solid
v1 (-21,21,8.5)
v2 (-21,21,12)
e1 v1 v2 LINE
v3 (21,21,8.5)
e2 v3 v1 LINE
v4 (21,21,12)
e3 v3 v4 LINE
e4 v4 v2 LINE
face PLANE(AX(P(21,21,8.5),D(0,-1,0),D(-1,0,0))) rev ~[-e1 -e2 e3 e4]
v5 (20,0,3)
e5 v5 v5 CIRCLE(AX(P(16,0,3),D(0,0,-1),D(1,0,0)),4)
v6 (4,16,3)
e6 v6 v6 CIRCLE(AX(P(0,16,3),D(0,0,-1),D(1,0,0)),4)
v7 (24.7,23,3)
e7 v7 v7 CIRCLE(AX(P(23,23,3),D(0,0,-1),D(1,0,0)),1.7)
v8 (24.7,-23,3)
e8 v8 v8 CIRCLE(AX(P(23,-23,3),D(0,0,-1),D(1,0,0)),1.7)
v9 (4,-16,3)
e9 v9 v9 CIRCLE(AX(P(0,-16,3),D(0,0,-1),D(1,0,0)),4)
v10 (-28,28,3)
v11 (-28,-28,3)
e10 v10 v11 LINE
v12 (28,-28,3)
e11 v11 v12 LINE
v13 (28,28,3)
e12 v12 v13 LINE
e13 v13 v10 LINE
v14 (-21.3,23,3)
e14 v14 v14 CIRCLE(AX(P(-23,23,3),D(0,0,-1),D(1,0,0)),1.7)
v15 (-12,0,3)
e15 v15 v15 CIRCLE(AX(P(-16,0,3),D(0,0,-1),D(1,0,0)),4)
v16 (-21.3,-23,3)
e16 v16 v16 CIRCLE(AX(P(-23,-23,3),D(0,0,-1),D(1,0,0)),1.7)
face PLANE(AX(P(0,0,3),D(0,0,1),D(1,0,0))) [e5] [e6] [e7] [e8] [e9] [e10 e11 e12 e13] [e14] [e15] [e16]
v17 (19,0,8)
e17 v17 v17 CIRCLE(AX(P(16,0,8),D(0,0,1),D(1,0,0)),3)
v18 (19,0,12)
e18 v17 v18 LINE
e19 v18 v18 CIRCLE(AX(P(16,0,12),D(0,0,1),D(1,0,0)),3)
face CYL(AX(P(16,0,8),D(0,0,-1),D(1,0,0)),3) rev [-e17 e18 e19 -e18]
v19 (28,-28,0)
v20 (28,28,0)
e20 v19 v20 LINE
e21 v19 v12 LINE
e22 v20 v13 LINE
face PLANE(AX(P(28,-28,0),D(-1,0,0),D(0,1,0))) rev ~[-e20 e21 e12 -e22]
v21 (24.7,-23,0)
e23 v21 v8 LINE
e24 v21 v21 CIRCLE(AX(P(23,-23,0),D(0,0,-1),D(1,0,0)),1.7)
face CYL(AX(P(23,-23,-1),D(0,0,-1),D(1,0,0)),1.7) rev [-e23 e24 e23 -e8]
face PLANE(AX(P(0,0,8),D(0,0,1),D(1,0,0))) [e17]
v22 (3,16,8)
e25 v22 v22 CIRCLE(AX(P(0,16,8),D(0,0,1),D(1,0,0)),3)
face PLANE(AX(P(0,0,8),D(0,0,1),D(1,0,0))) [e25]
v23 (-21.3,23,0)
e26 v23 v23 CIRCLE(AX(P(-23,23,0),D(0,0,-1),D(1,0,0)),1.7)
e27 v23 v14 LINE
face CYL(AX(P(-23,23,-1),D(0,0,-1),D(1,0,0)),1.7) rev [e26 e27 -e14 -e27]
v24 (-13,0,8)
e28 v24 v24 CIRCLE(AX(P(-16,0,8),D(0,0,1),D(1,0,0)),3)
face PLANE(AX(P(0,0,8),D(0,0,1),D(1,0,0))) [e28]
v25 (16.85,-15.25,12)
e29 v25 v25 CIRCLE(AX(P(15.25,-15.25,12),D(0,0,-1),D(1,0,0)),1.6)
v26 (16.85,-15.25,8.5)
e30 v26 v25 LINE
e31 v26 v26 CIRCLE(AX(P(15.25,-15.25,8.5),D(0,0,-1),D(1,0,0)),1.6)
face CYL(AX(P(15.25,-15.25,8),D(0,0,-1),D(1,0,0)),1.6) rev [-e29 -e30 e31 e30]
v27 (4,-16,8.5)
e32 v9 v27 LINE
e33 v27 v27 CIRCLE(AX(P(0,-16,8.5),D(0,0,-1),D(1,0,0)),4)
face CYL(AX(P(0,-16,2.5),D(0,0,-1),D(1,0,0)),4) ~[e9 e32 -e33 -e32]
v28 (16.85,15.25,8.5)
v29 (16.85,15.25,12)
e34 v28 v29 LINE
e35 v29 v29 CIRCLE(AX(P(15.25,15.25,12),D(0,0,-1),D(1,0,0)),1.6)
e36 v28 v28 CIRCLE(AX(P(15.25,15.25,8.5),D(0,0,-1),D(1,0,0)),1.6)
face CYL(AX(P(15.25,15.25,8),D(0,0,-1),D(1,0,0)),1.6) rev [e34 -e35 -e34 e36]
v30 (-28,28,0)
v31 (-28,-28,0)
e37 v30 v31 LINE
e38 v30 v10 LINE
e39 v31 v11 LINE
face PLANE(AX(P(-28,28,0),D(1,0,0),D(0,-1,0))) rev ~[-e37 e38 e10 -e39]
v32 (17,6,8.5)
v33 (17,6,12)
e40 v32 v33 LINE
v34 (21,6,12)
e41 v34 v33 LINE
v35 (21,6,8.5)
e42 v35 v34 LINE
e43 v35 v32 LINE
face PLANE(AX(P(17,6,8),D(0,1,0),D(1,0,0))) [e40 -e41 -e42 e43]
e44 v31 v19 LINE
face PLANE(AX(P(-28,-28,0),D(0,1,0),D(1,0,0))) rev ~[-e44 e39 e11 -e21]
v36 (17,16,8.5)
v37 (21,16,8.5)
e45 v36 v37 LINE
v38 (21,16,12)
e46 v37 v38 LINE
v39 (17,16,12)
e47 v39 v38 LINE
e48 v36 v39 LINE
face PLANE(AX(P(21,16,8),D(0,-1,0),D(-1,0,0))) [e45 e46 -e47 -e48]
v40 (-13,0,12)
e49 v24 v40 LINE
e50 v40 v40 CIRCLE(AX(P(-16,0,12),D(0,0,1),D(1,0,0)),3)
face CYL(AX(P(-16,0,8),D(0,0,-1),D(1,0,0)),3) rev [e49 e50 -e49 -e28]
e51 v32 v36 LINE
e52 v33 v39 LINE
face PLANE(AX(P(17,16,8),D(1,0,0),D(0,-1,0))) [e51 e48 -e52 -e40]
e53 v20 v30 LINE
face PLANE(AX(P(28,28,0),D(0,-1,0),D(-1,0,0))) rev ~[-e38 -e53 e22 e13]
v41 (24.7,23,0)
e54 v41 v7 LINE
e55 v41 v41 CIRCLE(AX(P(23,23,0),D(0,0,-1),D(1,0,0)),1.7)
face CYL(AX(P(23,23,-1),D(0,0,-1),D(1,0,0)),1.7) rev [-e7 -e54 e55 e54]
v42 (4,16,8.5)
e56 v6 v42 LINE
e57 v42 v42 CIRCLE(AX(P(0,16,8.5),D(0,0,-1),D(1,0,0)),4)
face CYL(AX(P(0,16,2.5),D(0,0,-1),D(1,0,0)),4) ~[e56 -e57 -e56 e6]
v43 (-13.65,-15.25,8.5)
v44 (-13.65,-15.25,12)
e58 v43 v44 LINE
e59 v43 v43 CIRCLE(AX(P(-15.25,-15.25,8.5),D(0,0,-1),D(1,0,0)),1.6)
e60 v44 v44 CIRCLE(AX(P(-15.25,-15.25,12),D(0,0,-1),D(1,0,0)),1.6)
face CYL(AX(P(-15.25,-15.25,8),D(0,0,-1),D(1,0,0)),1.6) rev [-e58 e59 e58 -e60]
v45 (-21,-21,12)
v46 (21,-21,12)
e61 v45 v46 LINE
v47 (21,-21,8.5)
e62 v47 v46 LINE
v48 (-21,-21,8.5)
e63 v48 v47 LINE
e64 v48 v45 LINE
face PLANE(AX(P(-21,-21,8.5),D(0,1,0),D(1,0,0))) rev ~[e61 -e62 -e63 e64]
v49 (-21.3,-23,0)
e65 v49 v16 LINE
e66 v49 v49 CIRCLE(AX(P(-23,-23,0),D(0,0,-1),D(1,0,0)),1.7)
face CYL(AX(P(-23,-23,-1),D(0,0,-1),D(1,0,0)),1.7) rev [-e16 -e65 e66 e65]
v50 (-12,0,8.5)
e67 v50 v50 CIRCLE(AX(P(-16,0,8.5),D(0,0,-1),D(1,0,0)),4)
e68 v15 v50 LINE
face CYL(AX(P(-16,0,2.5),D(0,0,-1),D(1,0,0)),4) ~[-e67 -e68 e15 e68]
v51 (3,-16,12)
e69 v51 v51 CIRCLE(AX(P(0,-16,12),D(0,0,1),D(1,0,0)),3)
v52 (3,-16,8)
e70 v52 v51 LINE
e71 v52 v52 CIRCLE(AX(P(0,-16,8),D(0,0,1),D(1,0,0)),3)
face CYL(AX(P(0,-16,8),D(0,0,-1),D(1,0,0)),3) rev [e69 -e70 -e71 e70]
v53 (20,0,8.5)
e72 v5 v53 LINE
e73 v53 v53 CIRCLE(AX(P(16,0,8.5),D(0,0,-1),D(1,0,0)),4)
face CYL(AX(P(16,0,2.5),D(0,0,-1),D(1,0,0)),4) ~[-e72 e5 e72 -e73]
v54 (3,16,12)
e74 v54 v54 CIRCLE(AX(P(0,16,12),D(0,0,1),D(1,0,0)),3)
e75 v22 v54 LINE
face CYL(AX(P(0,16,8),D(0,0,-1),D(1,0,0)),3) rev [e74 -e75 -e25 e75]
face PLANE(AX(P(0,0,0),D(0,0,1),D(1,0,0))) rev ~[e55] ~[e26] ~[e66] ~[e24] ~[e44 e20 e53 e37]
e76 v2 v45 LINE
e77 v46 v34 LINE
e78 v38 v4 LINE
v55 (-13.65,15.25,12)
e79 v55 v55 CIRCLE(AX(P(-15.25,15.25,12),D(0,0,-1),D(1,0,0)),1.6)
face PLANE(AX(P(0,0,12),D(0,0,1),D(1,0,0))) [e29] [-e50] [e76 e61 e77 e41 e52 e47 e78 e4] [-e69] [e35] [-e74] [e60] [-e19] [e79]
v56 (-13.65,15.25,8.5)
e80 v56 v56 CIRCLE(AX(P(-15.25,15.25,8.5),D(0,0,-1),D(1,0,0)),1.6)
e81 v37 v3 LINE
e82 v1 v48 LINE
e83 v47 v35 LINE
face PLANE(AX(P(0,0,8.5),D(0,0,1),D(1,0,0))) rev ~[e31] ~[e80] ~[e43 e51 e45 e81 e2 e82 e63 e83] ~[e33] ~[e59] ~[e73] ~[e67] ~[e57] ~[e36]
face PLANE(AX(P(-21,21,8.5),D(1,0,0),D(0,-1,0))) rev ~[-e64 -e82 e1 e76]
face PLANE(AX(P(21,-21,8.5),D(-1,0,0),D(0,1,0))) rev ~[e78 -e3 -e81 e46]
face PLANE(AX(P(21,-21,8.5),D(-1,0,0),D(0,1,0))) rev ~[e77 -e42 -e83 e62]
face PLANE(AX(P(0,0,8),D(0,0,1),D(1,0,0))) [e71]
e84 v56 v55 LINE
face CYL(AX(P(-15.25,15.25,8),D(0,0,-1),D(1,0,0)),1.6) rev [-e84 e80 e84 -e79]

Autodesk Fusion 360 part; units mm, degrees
sketch "Sketch1" plane through (0, 0, 0) normal (0, 0, 1) x (1, 0, 0) in component "FC_TRAY_V1"
  line L0 (-28, -28) -> (28, -28)
  line L1 (28, -28) -> (28, 28)
  line L2 (28, 28) -> (-28, 28)
  line L3 (-28, 28) -> (-28, -28)
extrude "Extrude1" add sketch "Sketch1" along normal blind 3 makes body 1 in component "FC_TRAY_V1"
sketch "Sketch2" plane through (0, 0, 0) normal (0, 0, 1) x (1, 0, 0) in component "FC_TRAY_V1"
  circle A0 centre (16, 0) radius 4
  circle A1 centre (-16, 0) radius 4
  circle A2 centre (0, 16) radius 4
  circle A3 centre (0, -16) radius 4
extrude "Extrude2" add sketch "Sketch2" along normal blind 6.5 from surface at 2.5 separate body makes body 2 at (19.9801, -0.3983, 6.8333) makes body 3 at (3.9801, 15.6017, 6.8333) makes body 4 at (-12.0199, -0.3983, 6.8333) makes body 5 at (3.9801, -16.3983, 6.8333) in component "FC_TRAY_V1"
sketch "Sketch3" plane through (0, 0, 0) normal (0, 0, 1) x (1, 0, 0) in component "FC_TRAY_V1"
  line L0 (-21, -21) -> (21, -21)
  line L1 (21, -21) -> (21, 21)
  line L2 (21, 21) -> (-21, 21)
  line L3 (-21, 21) -> (-21, -21)
extrude "Extrude3" add sketch "Sketch3" along normal blind 3.5 from surface at 8.5 separate body makes body 6 in component "FC_TRAY_V1"
combine "Combine1" operation add target body 1 tool bodies 2 3 4 5 6 in component "FC_TRAY_V1"
sketch "Sketch4" plane through (0, 0, 0) normal (0, 0, 1) x (1, 0, 0) in component "FC_TRAY_V1"
  circle A0 centre (23, 23) radius 1.7
  circle A1 centre (-23, 23) radius 1.7
  circle A2 centre (23, -23) radius 1.7
  circle A3 centre (-23, -23) radius 1.7
extrude "Extrude4" cut sketch "Sketch4" along normal blind 5 from surface at -1 bodies 1 in component "FC_TRAY_V1"
sketch "Sketch5" plane through (0, 0, 0) normal (0, 0, 1) x (1, 0, 0) in component "FC_TRAY_V1"
  circle A0 centre (15.25, 15.25) radius 1.6
  circle A1 centre (-15.25, 15.25) radius 1.6
  circle A2 centre (15.25, -15.25) radius 1.6
  circle A3 centre (-15.25, -15.25) radius 1.6
extrude "Extrude5" cut sketch "Sketch5" along normal blind 5 from surface at 8 bodies 1 in component "FC_TRAY_V1"
sketch "Sketch6" plane through (0, 0, 0) normal (0, 0, 1) x (1, 0, 0) in component "FC_TRAY_V1"
  circle A0 centre (16, 0) radius 3
  circle A1 centre (-16, 0) radius 3
  circle A2 centre (0, 16) radius 3
  circle A3 centre (0, -16) radius 3
extrude "Extrude6" cut sketch "Sketch6" along normal blind 4 from surface at 8 bodies 1 in component "FC_TRAY_V1"
sketch "Sketch7" plane through (0, 0, 0) normal (0, 0, 1) x (1, 0, 0) in component "FC_TRAY_V1"
  line L0 (17, 6) -> (21, 6)
  line L1 (21, 6) -> (21, 16)
  line L2 (21, 16) -> (17, 16)
  line L3 (17, 16) -> (17, 6)
extrude "Extrude7" cut sketch "Sketch7" along normal blind 5 from surface at 8 bodies 1 in component "FC_TRAY_V1"
component "FC_TRAY_V1" placed x (1, 0, 0) y (0, 1, 0) z (0, 0, 1) at (0, 0, 0)
